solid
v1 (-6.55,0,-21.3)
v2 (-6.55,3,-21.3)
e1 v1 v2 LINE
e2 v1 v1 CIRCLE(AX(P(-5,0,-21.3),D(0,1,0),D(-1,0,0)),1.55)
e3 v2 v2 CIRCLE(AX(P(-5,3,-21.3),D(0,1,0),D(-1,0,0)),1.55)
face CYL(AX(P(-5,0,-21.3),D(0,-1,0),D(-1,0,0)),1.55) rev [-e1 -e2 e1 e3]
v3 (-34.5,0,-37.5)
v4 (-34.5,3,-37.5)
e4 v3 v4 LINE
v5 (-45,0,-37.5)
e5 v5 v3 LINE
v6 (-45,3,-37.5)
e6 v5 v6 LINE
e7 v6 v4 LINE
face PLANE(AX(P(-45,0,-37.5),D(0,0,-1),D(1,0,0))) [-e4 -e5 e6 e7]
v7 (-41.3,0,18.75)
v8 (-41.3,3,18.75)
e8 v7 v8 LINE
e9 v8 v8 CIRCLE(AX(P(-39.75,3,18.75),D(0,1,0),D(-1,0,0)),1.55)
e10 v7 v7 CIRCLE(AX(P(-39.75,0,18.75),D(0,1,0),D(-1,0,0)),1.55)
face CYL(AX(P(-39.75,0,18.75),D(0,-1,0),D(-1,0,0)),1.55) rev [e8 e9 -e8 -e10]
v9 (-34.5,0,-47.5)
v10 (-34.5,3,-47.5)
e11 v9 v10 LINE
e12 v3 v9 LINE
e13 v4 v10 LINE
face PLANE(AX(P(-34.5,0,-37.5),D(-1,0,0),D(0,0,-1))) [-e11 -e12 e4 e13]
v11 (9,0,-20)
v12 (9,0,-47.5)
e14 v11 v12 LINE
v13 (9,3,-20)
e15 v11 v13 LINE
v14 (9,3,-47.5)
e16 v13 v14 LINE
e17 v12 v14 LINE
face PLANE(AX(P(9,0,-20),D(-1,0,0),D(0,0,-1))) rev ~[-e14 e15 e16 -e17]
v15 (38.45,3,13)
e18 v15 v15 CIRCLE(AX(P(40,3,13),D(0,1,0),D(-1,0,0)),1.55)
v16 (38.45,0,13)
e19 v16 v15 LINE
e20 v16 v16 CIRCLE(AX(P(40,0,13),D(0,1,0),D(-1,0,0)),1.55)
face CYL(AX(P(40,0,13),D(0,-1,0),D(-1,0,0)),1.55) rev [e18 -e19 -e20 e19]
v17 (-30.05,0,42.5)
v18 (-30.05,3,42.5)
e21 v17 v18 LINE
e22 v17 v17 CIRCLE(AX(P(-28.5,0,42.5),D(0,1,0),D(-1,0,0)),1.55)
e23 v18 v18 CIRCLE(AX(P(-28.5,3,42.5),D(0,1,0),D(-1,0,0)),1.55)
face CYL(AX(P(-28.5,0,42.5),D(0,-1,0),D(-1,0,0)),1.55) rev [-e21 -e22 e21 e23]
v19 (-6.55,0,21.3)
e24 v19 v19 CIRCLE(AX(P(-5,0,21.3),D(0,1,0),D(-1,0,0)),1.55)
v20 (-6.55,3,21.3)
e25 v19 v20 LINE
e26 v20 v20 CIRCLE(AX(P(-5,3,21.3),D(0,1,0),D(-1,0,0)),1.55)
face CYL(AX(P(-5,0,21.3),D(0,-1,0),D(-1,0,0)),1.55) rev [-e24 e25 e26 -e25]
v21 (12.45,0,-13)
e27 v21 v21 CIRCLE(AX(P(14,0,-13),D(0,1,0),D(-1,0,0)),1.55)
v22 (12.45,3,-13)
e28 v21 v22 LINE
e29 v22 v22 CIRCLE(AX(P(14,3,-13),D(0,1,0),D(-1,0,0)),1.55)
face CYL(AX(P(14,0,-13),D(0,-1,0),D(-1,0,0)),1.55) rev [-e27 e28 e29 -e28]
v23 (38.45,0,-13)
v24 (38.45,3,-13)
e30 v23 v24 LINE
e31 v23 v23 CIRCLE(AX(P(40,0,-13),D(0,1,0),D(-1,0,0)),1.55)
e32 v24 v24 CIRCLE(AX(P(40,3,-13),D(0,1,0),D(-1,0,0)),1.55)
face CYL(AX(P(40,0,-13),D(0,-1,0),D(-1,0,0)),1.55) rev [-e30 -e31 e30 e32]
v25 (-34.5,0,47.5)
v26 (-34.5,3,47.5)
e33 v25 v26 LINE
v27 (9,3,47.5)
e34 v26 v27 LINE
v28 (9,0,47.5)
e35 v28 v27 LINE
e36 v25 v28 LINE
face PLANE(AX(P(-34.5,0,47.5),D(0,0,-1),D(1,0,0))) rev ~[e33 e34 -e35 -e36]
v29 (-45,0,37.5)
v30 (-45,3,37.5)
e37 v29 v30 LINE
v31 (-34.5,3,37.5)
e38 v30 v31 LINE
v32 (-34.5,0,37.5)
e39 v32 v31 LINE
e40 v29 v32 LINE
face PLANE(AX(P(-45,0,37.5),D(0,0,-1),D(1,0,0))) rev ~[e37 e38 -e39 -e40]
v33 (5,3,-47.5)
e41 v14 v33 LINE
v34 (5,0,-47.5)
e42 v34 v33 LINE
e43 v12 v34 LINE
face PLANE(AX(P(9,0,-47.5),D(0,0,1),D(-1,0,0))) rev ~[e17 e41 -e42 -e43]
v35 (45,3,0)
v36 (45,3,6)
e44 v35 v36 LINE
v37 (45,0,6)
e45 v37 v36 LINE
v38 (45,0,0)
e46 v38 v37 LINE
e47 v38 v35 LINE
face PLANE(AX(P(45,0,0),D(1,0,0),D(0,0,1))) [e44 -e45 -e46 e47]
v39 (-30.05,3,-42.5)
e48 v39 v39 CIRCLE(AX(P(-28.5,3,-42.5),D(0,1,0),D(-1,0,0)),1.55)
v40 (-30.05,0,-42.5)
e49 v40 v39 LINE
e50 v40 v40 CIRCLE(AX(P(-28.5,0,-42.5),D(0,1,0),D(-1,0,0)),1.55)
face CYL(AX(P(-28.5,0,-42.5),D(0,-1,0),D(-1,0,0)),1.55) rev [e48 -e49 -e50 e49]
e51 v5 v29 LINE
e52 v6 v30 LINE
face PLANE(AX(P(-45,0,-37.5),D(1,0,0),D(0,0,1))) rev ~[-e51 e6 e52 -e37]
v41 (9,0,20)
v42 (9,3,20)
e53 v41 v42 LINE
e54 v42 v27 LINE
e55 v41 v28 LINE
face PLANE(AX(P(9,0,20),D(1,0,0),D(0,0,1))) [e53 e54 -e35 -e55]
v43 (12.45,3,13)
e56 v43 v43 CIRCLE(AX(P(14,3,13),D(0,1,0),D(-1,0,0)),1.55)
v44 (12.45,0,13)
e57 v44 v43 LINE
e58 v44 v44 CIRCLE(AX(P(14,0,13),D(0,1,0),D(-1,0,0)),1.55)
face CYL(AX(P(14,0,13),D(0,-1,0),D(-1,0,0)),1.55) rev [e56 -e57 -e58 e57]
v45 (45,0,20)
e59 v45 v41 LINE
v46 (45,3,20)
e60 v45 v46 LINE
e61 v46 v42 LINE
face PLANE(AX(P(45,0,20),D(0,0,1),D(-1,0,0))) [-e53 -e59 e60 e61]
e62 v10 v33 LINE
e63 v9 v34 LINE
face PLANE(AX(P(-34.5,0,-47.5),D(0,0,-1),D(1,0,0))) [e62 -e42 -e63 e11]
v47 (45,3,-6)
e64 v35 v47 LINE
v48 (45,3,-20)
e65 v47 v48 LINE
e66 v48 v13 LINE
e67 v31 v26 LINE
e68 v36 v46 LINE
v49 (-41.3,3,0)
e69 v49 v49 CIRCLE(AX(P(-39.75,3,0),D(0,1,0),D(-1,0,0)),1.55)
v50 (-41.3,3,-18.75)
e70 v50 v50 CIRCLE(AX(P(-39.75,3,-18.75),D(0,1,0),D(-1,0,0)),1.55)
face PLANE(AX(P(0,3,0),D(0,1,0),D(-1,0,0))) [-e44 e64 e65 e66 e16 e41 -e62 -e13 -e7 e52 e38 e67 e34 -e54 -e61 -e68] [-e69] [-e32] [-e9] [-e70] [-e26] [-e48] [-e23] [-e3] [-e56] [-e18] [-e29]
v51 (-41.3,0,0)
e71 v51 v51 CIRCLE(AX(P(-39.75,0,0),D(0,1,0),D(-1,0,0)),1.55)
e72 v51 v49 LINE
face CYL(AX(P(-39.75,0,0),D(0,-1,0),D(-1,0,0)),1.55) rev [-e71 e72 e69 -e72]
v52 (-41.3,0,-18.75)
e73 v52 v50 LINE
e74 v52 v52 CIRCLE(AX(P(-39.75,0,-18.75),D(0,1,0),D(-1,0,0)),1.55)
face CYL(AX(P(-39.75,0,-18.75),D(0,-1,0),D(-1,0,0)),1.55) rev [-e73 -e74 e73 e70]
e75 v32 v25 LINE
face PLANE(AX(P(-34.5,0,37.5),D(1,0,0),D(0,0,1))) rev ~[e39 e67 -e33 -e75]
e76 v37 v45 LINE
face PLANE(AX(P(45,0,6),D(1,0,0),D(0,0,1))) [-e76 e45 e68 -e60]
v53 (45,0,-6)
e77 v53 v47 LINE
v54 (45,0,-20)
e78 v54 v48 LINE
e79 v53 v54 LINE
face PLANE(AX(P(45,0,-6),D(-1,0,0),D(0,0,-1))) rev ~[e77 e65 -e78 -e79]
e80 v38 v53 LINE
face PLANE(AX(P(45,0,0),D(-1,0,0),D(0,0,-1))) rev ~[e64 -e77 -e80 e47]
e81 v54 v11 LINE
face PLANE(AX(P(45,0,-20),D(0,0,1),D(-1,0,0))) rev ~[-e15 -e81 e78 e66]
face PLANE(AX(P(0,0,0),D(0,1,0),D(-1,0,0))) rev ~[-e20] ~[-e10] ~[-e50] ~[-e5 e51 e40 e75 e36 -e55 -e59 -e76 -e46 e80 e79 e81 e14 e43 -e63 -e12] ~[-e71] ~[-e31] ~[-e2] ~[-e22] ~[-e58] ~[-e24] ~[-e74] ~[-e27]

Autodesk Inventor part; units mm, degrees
ref_plane "YZ Plane" through (0, 0, 0) normal (1, 0, 0) x (0, 1, 0)
ref_plane "XZ Plane" through (0, 0, 0) normal (0, 1, 0) x (-1, 0, 0)
ref_plane "XY Plane" through (0, 0, 0) normal (0, 0, 1) x (1, 0, 0)
sketch "Sketch1" plane through (0, 0, 0) normal (0, 1, 0) x (-1, 0, 0)
  line L0 (-45, 0) -> (-45, 6)
  line L1 (-45, 6) -> (-45, -6)
  line L2 (-45, 6) -> (-45, 20)
  line L3 (-45, 20) -> (-45, -6)
  line L4 (-45, -6) -> (-45, -20)
  line L5 (-45, 20) -> (-9, 20)
  line L6 (-45, -20) -> (-9, -20)
  line L7 (-45, -20) -> (-9, -20)
  line L8 (-9, 20) -> (-9, 47.5)
  line L9 (-45, 6) -> (-45, 20)
  circle A0 centre (-14, 13) radius 1.55
  circle A1 centre (-14, -13) radius 1.55
  circle A2 centre (-40, 13) radius 1.55
  circle A3 centre (-40, -13) radius 1.55
  line L10 (-45, 20) -> (-45, -20)
  line L11 (-9, 20) -> (-45, 20)
  line L12 (-45, 20) -> (-45, -20)
  line L13 (-45, -20) -> (-9, -20)
  line L14 (45, 37.5) -> (34.5, 37.5)
  line L15 (45, -37.5) -> (34.5, -37.5)
  line L16 (34.5, -37.5) -> (34.5, -47.5)
  line L17 (34.5, 37.5) -> (34.5, 47.5)
  circle A4 centre (28.5, 42.5) radius 1.55
  circle A5 centre (28.5, -42.5) radius 1.55
  line L18 (34.5, -47.5) -> (-5, -47.5)
  line L19 (45, -37.5) -> (45, 37.5)
  line L20 (34.5, 47.5) -> (-9, 47.5)
  line L21 (-9, -20) -> (-9, -47.5)
  line L22 (-9, -47.5) -> (-5, -47.5)
  circle A6 centre (5, 21.3) radius 1.55
  circle A7 centre (5, -21.3) radius 1.55
  circle A8 centre (39.75, 18.75) radius 1.55
  circle A9 centre (39.75, 0) radius 1.55
  circle A10 centre (39.75, -18.75) radius 1.55
  point P0 (0, 0)
  dimension "d2" = 6
  dimension "d3" = 12
  dimension "d4" = 14
  dimension "d5" = 14
  dimension "d6" = 36
  dimension "d7" = 36
  dimension "d13" = 3.1
  dimension "d14" = 3.1
  dimension "d15" = 3.1
  dimension "d17" = 10.5
  dimension "d19" = 10.5
  dimension "d22" = 3.1
  dimension "d23" = 3.1
  dimension "d27" = 3.1
  dimension "d28" = 3.1
  dimension "d32" = 3.1
  dimension "d33" = 3.1
  dimension "d34" = 3.1
extrude "Extrusion2" add sketch "Sketch1" along normal blind 3
properties part number "basePlate"
